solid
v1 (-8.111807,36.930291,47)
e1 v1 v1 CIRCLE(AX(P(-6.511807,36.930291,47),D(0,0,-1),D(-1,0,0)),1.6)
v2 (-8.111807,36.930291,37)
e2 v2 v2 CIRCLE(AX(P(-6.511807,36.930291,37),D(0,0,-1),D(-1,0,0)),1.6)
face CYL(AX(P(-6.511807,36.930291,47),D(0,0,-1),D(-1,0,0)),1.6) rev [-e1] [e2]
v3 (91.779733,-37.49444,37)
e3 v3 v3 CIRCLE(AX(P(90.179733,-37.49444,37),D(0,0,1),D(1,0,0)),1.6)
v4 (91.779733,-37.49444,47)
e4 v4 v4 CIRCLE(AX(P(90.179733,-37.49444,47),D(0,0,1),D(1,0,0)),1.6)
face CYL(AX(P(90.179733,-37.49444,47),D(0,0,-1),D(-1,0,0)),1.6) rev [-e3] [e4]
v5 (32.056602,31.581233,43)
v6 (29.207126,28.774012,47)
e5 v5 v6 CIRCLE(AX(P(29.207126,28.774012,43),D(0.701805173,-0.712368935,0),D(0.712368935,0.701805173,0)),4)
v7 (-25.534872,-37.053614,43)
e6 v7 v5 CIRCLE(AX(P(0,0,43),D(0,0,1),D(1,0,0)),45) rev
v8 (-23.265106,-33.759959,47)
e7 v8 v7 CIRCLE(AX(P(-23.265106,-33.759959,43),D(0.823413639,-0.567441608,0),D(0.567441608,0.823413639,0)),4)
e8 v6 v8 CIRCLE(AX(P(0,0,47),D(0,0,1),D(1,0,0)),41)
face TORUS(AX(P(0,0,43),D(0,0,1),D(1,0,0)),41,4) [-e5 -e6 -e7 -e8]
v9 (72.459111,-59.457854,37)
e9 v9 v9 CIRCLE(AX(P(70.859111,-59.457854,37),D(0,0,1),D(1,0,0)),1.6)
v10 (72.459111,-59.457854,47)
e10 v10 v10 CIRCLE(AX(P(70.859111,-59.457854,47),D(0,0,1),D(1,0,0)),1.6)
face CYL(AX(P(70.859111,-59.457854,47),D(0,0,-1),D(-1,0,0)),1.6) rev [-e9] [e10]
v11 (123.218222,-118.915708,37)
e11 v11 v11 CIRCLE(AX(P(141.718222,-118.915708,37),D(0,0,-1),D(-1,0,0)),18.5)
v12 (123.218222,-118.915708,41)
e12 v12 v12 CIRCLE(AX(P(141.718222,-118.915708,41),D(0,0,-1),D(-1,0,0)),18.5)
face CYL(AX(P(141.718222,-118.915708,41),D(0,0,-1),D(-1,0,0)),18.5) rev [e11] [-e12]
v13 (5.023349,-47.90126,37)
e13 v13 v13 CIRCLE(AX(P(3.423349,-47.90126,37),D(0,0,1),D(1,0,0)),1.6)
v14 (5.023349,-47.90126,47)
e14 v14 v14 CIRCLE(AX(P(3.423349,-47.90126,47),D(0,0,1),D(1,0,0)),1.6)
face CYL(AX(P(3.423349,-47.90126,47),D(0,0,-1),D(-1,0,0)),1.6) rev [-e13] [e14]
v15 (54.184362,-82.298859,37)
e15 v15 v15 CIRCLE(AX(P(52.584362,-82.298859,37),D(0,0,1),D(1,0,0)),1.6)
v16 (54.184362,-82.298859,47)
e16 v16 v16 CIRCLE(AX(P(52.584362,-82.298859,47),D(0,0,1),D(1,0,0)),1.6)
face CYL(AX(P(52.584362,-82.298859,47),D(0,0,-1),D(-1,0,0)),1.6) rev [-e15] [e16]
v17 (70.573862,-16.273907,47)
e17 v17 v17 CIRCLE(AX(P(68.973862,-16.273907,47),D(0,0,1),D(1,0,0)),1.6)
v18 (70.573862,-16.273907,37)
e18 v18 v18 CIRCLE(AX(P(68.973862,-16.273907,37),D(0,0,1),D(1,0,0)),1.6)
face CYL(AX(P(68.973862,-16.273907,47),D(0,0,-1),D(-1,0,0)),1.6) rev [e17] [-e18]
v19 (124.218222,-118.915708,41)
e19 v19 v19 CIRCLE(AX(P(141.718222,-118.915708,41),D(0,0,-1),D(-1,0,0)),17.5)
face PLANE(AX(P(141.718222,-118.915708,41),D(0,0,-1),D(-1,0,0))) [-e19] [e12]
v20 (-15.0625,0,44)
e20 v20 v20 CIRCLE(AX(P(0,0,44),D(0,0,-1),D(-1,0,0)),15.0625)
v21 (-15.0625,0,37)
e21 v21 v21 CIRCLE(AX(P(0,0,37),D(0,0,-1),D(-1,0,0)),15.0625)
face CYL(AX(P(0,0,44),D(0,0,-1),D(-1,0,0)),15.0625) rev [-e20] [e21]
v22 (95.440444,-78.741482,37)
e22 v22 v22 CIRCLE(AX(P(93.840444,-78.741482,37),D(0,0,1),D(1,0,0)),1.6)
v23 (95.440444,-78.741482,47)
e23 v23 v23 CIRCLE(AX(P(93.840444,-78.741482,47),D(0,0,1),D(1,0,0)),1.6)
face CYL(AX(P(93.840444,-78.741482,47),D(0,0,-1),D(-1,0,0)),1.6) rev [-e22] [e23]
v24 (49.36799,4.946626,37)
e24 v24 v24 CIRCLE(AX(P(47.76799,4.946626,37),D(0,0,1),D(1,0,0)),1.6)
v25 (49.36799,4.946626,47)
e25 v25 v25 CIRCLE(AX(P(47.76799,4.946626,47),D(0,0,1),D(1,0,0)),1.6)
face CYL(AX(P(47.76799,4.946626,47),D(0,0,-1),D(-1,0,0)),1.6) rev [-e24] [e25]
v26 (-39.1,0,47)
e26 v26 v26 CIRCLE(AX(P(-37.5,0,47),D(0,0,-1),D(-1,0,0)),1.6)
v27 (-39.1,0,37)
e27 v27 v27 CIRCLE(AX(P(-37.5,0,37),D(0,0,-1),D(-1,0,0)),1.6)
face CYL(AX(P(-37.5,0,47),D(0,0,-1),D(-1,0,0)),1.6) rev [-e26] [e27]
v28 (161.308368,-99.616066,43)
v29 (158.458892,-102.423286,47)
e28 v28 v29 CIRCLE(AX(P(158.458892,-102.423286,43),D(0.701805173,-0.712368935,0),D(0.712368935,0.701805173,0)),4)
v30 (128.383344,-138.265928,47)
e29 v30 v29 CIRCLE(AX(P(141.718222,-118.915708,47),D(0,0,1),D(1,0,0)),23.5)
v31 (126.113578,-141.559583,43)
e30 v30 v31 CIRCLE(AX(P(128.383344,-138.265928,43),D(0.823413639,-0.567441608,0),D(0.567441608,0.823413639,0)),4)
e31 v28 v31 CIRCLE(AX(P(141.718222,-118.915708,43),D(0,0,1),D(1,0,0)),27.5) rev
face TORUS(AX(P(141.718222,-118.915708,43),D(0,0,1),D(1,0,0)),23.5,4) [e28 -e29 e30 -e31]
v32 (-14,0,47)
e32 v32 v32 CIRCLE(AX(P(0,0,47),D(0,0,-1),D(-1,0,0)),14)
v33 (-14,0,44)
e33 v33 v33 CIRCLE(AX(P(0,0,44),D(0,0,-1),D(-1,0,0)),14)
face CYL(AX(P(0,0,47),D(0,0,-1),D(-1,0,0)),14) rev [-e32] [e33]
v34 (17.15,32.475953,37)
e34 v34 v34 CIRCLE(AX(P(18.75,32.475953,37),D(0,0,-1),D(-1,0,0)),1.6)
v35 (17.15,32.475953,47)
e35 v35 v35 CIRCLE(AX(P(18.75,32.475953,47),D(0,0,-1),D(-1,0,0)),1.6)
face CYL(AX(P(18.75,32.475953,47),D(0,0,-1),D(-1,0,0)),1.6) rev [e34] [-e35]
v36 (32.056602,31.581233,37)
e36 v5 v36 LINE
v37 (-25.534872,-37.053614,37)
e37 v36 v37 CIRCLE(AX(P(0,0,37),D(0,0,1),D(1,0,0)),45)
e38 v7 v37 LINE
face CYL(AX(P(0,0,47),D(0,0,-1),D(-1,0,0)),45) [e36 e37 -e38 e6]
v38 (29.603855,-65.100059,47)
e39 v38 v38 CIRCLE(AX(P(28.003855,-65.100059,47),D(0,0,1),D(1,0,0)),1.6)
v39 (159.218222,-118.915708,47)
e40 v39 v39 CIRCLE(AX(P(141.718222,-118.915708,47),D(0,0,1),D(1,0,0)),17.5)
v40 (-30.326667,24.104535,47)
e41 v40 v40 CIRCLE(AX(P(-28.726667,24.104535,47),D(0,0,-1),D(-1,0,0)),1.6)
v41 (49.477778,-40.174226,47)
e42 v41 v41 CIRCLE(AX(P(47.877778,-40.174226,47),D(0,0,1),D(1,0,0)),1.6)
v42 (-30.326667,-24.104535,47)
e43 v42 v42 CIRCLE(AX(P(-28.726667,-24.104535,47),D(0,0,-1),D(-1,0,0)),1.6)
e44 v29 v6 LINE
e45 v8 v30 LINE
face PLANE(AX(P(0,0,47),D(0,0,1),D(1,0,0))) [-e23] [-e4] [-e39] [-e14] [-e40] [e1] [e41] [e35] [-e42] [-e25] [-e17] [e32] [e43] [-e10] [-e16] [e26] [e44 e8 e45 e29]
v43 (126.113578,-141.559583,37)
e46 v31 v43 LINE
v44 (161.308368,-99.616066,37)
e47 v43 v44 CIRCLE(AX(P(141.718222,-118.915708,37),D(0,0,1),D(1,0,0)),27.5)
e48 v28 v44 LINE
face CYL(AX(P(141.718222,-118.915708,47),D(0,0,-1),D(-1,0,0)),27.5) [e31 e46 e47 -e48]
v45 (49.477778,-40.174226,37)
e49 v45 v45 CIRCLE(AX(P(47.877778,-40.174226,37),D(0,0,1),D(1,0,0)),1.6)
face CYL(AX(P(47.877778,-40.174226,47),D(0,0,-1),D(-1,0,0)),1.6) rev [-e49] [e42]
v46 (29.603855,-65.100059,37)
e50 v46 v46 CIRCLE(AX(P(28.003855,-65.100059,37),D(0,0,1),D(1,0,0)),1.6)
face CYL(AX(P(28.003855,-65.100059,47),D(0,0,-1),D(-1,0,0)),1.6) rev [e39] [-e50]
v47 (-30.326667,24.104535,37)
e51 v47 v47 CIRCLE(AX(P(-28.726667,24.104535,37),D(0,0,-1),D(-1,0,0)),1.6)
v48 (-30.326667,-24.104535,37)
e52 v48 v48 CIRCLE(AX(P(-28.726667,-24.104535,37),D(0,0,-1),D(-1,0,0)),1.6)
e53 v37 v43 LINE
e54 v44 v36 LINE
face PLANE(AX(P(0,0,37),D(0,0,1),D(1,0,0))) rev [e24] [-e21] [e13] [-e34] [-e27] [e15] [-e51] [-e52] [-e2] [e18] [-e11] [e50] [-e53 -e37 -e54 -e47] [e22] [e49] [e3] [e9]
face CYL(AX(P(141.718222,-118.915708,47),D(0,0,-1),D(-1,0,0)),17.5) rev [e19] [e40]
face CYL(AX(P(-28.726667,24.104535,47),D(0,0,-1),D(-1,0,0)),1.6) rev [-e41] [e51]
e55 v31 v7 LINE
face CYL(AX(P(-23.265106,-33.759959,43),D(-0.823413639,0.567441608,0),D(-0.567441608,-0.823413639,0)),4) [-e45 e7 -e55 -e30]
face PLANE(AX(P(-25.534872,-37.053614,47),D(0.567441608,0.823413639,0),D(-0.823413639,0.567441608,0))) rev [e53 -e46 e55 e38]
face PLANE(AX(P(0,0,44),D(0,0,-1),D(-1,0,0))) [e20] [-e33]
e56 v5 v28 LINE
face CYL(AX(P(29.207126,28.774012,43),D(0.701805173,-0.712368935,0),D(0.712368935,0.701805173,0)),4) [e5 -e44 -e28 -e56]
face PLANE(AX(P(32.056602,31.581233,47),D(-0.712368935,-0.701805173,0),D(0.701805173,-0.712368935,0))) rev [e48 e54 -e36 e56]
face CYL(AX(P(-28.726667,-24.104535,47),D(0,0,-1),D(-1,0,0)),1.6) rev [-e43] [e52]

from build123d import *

# Parameters (mm, degrees)
SKETCH1_R           = 17.5
SKETCH1_R_2         = 1.6
BOSS_EXTRUDE1_DEPTH = 10
SKETCH2_R           = 18.5
CUT_EXTRUDE1_DEPTH  = 4
SKETCH3_R           = 1.6
CUT_EXTRUDE2_DEPTH  = 224.991888552
SKETCH4_R           = 14
CUT_EXTRUDE3_DEPTH  = 224.991888552
SKETCH4_3_R         = 15.0625
SKETCH4_3_R_2       = 14
CUT_EXTRUDE4_DEPTH  = 7
FILLET1_R           = 4


with BuildPart() as part:
    # Sketch1 → Boss-Extrude1 (new body)
    with BuildSketch(Plane.XY.offset(37)):
        with BuildLine():
            Line((-25.534872354, -37.053613776), (126.113577761, -141.559582877))
            ThreePointArc((126.113577761, -141.559582877), (162.784444163, -136.592367058), (161.308367688, -99.616065541))
            Line((161.308367688, -99.616065541), (32.056602073, 31.581232775))
            ThreePointArc((32.056602073, 31.581232775), (-34.47199994, 28.925442436), (-25.534872354, -37.053613776))
        make_face()
        with Locations((141.718221977, -118.915707792)):
            Circle(SKETCH1_R, mode=Mode.SUBTRACT)
        with Locations((70.859110989, -59.457853896)):
            Circle(SKETCH1_R_2, mode=Mode.SUBTRACT)
        with Locations((93.840444282, -78.741482187)):
            Circle(SKETCH1_R_2, mode=Mode.SUBTRACT)
        with Locations((47.877777695, -40.174225605)):
            Circle(SKETCH1_R_2, mode=Mode.SUBTRACT)
        with Locations((47.767990244, 4.946625931)):
            Circle(SKETCH1_R_2, mode=Mode.SUBTRACT)
        with Locations((3.423348889, -47.901259716)):
            Circle(SKETCH1_R_2, mode=Mode.SUBTRACT)
        with Locations((68.973861607, -16.273907044)):
            Circle(SKETCH1_R_2, mode=Mode.SUBTRACT)
        with Locations((90.17973297, -37.494440018)):
            Circle(SKETCH1_R_2, mode=Mode.SUBTRACT)
        with Locations((28.003855203, -65.100059364)):
            Circle(SKETCH1_R_2, mode=Mode.SUBTRACT)
        with Locations((52.584361518, -82.298859012)):
            Circle(SKETCH1_R_2, mode=Mode.SUBTRACT)
    extrude(amount=BOSS_EXTRUDE1_DEPTH)

    # Sketch2 → Cut-Extrude1 (cut)
    with BuildSketch(Plane(origin=(0, 0, 37), x_dir=(-1, 0, 0), z_dir=(0, 0, -1))):
        with Locations((-141.718221977, -118.915707792)):
            Circle(SKETCH2_R)
    extrude(amount=-CUT_EXTRUDE1_DEPTH, mode=Mode.SUBTRACT)

    # Sketch3 → Cut-Extrude2 (cut, through all)
    with BuildSketch(Plane(origin=(0, 0, 37), x_dir=(-1, 0, 0), z_dir=(0, 0, -1))):
        with Locations((-18.75, 32.475952642)):
            Circle(SKETCH3_R)
        with Locations((6.511806663, 36.930290738)):
            Circle(SKETCH3_R)
        with Locations((28.726666617, 24.104535363)):
            Circle(SKETCH3_R)
        with Locations((37.5, 0)):
            Circle(SKETCH3_R)
        with Locations((28.726666617, -24.104535363)):
            Circle(SKETCH3_R)
    extrude(amount=-CUT_EXTRUDE2_DEPTH, mode=Mode.SUBTRACT)

    # Sketch4 → Cut-Extrude3 (cut, through all)
    with BuildSketch(Plane(origin=(0, 0, 37), x_dir=(-1, 0, 0), z_dir=(0, 0, -1))):
        Circle(SKETCH4_R)
    extrude(amount=-CUT_EXTRUDE3_DEPTH, mode=Mode.SUBTRACT)

    # Sketch4<3> → Cut-Extrude4 (cut)
    with BuildSketch(Plane(origin=(0, 0, 37), x_dir=(-1, 0, 0), z_dir=(0, 0, -1))):
        Circle(SKETCH4_3_R)
        Circle(SKETCH4_3_R_2, mode=Mode.SUBTRACT)
    extrude(amount=-CUT_EXTRUDE4_DEPTH, mode=Mode.SUBTRACT)

    # Fillet1
    fillet1_edges = [part.edges().sort_by_distance(p)[0] for p in [
        (162.784444163, -136.592367058, 47),
        (96.68248488, -34.017416383, 47),
        (-34.47199994, 28.925442436, 47),
        (50.289352703, -89.306598327, 47),
    ]]
    fillet(fillet1_edges, radius=FILLET1_R)


solid = part.part
